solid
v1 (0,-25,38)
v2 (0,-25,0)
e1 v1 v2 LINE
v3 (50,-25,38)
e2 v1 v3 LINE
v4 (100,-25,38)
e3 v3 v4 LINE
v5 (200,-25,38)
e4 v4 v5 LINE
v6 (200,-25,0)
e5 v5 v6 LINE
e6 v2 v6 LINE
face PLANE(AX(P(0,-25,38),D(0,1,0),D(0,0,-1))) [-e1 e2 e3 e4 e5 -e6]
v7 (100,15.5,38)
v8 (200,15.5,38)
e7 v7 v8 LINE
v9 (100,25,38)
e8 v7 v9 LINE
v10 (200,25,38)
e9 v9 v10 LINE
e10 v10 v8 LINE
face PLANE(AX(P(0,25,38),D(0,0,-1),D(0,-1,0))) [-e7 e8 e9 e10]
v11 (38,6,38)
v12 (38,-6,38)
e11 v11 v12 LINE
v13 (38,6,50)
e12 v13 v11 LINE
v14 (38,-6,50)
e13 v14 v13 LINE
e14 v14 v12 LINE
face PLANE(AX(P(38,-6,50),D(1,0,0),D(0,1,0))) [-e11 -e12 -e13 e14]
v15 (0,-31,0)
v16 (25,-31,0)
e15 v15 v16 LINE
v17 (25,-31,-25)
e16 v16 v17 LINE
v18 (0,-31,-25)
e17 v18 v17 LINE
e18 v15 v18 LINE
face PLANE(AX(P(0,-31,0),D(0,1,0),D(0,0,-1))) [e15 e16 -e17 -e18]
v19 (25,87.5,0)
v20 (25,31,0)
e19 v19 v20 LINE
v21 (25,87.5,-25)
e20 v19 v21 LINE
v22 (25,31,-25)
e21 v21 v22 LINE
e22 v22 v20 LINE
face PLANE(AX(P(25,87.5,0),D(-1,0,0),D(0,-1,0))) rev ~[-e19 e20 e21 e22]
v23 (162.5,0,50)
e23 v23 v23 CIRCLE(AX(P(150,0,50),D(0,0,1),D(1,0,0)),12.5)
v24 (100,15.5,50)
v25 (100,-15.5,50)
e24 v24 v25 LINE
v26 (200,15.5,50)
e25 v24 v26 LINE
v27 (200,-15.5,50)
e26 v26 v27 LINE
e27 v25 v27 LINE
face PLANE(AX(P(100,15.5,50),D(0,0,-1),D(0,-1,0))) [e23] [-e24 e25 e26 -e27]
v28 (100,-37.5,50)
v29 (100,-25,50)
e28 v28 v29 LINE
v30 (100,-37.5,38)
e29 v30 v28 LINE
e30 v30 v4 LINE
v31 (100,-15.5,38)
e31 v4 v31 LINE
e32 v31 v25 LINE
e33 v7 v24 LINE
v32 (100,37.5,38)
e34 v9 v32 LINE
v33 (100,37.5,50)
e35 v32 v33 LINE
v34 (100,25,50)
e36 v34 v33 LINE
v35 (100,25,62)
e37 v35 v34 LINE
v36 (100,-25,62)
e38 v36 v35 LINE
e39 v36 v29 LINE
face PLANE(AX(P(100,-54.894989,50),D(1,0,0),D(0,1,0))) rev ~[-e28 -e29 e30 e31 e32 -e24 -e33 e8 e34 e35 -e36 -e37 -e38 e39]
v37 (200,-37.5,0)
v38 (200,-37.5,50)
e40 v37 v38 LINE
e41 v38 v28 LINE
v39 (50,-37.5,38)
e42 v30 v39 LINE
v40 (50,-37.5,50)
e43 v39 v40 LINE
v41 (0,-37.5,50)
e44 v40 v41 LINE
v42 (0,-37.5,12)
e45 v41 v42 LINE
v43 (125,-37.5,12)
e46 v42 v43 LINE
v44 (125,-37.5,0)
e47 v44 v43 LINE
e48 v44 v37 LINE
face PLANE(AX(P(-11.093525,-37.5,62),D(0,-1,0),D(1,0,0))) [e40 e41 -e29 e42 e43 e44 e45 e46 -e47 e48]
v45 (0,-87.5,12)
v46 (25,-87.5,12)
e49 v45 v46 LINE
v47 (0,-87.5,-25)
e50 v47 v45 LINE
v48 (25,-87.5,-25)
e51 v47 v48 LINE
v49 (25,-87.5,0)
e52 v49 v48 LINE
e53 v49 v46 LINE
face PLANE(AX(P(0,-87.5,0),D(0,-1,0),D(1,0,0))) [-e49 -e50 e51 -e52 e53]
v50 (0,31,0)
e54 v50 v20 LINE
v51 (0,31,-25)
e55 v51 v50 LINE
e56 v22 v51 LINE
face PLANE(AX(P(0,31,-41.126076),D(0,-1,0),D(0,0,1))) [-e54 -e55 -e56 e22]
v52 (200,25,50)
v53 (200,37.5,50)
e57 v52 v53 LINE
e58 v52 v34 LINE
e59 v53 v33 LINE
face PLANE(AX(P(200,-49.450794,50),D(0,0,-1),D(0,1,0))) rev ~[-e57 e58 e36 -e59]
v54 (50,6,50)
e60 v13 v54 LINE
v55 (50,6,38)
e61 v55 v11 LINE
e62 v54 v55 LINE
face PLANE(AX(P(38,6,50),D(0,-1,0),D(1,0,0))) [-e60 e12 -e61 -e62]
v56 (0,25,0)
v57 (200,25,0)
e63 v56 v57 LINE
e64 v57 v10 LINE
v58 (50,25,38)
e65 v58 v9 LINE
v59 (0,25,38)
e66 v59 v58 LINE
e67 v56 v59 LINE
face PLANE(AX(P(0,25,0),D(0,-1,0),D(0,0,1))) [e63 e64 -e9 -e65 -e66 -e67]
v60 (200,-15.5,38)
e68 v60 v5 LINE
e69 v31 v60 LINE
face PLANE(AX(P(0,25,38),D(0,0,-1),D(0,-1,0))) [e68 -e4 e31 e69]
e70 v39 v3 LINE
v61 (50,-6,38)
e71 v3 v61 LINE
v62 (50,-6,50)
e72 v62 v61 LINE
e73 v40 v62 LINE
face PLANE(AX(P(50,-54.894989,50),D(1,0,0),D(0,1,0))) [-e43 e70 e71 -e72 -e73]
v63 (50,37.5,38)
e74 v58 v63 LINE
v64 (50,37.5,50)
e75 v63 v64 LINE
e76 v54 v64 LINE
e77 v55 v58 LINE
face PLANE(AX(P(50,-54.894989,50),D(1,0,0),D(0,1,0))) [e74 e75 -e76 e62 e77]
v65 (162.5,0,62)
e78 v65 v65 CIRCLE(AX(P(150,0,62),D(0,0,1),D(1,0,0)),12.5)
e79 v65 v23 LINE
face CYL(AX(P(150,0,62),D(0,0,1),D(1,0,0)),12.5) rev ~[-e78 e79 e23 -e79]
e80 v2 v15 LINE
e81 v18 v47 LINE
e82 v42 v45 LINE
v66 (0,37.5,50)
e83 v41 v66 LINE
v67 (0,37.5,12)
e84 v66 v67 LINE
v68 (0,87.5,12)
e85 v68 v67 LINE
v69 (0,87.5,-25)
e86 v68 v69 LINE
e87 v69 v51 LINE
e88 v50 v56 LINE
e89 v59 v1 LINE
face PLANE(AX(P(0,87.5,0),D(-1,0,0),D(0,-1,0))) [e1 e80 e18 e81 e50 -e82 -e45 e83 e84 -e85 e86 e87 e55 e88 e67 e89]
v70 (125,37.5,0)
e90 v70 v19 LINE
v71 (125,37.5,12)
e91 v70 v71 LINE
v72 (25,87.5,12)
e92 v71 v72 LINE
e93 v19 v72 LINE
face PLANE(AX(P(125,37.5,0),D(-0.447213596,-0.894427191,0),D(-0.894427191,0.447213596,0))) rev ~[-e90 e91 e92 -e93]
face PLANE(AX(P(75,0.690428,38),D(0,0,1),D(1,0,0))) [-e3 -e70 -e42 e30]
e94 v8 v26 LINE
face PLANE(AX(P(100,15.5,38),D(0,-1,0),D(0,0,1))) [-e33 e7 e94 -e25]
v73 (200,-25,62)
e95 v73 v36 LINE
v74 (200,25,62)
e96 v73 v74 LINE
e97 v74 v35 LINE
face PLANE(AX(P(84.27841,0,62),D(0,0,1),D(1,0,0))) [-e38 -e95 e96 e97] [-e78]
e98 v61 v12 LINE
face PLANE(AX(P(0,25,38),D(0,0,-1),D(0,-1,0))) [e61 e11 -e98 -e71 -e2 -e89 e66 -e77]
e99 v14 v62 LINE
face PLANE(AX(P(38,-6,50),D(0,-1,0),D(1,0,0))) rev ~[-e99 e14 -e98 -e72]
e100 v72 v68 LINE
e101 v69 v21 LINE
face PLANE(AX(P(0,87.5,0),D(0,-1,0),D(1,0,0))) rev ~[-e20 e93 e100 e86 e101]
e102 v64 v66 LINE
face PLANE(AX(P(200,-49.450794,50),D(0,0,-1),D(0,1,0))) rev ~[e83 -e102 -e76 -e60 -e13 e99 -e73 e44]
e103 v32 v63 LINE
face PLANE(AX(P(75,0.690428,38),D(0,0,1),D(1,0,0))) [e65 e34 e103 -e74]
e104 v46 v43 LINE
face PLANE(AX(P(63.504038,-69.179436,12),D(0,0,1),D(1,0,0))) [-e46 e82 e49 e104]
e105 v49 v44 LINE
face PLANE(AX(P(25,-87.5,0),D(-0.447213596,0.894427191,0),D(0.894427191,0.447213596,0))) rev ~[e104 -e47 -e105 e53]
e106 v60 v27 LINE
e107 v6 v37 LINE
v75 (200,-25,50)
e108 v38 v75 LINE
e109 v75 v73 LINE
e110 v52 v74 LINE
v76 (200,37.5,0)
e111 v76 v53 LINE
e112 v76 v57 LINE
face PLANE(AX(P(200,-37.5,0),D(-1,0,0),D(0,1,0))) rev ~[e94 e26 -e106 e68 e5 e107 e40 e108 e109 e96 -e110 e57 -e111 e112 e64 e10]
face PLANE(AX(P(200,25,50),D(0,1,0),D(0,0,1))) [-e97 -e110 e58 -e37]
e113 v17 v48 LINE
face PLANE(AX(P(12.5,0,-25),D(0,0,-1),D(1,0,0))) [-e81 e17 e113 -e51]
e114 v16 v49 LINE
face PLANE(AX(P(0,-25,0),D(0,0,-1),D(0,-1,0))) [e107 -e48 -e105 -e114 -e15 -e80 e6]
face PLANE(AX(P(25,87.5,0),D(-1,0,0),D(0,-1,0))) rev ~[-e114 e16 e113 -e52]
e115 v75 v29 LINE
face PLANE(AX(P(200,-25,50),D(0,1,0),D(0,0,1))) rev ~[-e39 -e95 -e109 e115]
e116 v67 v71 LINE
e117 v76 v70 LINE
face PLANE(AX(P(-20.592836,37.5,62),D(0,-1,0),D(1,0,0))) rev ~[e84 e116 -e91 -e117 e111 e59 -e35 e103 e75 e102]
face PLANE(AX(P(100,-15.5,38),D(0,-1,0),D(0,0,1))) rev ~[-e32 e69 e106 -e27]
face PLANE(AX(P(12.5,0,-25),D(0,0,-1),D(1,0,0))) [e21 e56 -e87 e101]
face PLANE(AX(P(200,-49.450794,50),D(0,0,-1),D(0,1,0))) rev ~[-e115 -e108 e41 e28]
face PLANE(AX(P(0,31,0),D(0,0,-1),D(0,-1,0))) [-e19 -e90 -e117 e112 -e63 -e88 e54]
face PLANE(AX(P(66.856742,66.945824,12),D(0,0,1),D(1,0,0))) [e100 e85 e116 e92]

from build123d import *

# Parameters (mm, degrees)
PAD_DEPTH       = 62
SKETCH001_W     = 174.899156
SKETCH001_H     = 58.891647
SKETCH001_W_2   = 149.195125
SKETCH001_H_2   = 63.358872
POCKET_DEPTH    = 50
SKETCH002_W     = 24.450794
SKETCH002_H     = 18.2717568888
SKETCH002_W_2   = 25.01263
POCKET001_DEPTH = 200.001
SKETCH003_W     = 109.462605
SKETCH003_H     = 100.191001
POCKET002_DEPTH = 12
SKETCH004_W     = 50
SKETCH004_H     = 111.170834
POCKET003_DEPTH = 12
SKETCH005_W     = 25
SKETCH005_H     = 175
PAD001_DEPTH    = 25
POCKET004_DEPTH = 200.001
SKETCH007_W     = 31
SKETCH007_H     = 12
POCKET005_DEPTH = 100.001
SKETCH008_R     = 12.5
POCKET006_DEPTH = 87.001
SKETCH009_W     = 25.552227
SKETCH009_H     = 12
POCKET007_DEPTH = 75.001


with BuildPart() as part:
    # Sketch → Pad (new body)
    with BuildSketch(Plane.XY):
        Polygon((0, 87.5), (0, -87.5), (25, -87.5), (125, -37.5), (200, -37.5), (200, 37.5), (125, 37.5), (25, 87.5), align=None)
    extrude(amount=PAD_DEPTH)

    # Sketch001 → Pocket (cut)
    with BuildSketch(Plane.XY.offset(62)):
        with Locations((66.856742, 66.9458235)):
            Rectangle(SKETCH001_W, SKETCH001_H)
        with Locations((63.5040375, -69.179436)):
            Rectangle(SKETCH001_W_2, SKETCH001_H_2)
    extrude(amount=-POCKET_DEPTH, mode=Mode.SUBTRACT)

    # Sketch002 → Pocket001 (cut, through all)
    with BuildSketch(Plane.YZ.offset(200)):
        with Locations((-37.225397, 59.1358784444)):
            Rectangle(SKETCH002_W, SKETCH002_H)
        with Locations((37.506315, 59.1358784444)):
            Rectangle(SKETCH002_W_2, SKETCH002_H)
    extrude(amount=-POCKET001_DEPTH, mode=Mode.SUBTRACT)

    # Sketch003 → Pocket002 (cut)
    with BuildSketch(Plane.XY.offset(62)):
        with Locations((45.2686975, 1.1479225)):
            Rectangle(SKETCH003_W, SKETCH003_H)
    extrude(amount=-POCKET002_DEPTH, mode=Mode.SUBTRACT)

    # Sketch004 → Pocket003 (cut)
    with BuildSketch(Plane.XY.offset(50)):
        with Locations((75, 0.690428)):
            Rectangle(SKETCH004_W, SKETCH004_H)
    extrude(amount=-POCKET003_DEPTH, mode=Mode.SUBTRACT)

    # Sketch005 → Pad001 (new body)
    with BuildSketch(Plane(origin=(0, 0, 0), x_dir=(1, 0, 0), z_dir=(0, 0, -1))):
        with Locations((12.5, 0)):
            Rectangle(SKETCH005_W, SKETCH005_H)
    extrude(amount=PAD001_DEPTH)

    # Sketch006 → Pocket004 (cut, through all)
    with BuildSketch(Plane(origin=(0, 0, 0), x_dir=(0, -1, 0), z_dir=(-1, 0, 0))):
        Polygon((-25, 38), (25, 38), (25, 0), (31, 0), (31, -41.126076), (-31, -41.126076), (-31, 0), (-25, 0), align=None)
    extrude(amount=-POCKET004_DEPTH, mode=Mode.SUBTRACT)

    # Sketch007 → Pocket005 (cut, through all)
    with BuildSketch(Plane(origin=(100, 0, 0), x_dir=(0, -1, 0), z_dir=(-1, 0, 0))):
        with Locations((0, 44)):
            Rectangle(SKETCH007_W, SKETCH007_H)
    extrude(amount=-POCKET005_DEPTH, mode=Mode.SUBTRACT)

    # Sketch008 → Pocket006 (cut, through all)
    with BuildSketch(Plane.XY.offset(62)):
        with Locations((150, 0)):
            Circle(SKETCH008_R)
    extrude(amount=-POCKET006_DEPTH, mode=Mode.SUBTRACT)

    # Sketch009 → Pocket007 (cut, through all)
    with BuildSketch(Plane.XY.offset(50)):
        with Locations((50.7761135, 0)):
            Rectangle(SKETCH009_W, SKETCH009_H)
    extrude(amount=-POCKET007_DEPTH, mode=Mode.SUBTRACT)


solid = part.part
